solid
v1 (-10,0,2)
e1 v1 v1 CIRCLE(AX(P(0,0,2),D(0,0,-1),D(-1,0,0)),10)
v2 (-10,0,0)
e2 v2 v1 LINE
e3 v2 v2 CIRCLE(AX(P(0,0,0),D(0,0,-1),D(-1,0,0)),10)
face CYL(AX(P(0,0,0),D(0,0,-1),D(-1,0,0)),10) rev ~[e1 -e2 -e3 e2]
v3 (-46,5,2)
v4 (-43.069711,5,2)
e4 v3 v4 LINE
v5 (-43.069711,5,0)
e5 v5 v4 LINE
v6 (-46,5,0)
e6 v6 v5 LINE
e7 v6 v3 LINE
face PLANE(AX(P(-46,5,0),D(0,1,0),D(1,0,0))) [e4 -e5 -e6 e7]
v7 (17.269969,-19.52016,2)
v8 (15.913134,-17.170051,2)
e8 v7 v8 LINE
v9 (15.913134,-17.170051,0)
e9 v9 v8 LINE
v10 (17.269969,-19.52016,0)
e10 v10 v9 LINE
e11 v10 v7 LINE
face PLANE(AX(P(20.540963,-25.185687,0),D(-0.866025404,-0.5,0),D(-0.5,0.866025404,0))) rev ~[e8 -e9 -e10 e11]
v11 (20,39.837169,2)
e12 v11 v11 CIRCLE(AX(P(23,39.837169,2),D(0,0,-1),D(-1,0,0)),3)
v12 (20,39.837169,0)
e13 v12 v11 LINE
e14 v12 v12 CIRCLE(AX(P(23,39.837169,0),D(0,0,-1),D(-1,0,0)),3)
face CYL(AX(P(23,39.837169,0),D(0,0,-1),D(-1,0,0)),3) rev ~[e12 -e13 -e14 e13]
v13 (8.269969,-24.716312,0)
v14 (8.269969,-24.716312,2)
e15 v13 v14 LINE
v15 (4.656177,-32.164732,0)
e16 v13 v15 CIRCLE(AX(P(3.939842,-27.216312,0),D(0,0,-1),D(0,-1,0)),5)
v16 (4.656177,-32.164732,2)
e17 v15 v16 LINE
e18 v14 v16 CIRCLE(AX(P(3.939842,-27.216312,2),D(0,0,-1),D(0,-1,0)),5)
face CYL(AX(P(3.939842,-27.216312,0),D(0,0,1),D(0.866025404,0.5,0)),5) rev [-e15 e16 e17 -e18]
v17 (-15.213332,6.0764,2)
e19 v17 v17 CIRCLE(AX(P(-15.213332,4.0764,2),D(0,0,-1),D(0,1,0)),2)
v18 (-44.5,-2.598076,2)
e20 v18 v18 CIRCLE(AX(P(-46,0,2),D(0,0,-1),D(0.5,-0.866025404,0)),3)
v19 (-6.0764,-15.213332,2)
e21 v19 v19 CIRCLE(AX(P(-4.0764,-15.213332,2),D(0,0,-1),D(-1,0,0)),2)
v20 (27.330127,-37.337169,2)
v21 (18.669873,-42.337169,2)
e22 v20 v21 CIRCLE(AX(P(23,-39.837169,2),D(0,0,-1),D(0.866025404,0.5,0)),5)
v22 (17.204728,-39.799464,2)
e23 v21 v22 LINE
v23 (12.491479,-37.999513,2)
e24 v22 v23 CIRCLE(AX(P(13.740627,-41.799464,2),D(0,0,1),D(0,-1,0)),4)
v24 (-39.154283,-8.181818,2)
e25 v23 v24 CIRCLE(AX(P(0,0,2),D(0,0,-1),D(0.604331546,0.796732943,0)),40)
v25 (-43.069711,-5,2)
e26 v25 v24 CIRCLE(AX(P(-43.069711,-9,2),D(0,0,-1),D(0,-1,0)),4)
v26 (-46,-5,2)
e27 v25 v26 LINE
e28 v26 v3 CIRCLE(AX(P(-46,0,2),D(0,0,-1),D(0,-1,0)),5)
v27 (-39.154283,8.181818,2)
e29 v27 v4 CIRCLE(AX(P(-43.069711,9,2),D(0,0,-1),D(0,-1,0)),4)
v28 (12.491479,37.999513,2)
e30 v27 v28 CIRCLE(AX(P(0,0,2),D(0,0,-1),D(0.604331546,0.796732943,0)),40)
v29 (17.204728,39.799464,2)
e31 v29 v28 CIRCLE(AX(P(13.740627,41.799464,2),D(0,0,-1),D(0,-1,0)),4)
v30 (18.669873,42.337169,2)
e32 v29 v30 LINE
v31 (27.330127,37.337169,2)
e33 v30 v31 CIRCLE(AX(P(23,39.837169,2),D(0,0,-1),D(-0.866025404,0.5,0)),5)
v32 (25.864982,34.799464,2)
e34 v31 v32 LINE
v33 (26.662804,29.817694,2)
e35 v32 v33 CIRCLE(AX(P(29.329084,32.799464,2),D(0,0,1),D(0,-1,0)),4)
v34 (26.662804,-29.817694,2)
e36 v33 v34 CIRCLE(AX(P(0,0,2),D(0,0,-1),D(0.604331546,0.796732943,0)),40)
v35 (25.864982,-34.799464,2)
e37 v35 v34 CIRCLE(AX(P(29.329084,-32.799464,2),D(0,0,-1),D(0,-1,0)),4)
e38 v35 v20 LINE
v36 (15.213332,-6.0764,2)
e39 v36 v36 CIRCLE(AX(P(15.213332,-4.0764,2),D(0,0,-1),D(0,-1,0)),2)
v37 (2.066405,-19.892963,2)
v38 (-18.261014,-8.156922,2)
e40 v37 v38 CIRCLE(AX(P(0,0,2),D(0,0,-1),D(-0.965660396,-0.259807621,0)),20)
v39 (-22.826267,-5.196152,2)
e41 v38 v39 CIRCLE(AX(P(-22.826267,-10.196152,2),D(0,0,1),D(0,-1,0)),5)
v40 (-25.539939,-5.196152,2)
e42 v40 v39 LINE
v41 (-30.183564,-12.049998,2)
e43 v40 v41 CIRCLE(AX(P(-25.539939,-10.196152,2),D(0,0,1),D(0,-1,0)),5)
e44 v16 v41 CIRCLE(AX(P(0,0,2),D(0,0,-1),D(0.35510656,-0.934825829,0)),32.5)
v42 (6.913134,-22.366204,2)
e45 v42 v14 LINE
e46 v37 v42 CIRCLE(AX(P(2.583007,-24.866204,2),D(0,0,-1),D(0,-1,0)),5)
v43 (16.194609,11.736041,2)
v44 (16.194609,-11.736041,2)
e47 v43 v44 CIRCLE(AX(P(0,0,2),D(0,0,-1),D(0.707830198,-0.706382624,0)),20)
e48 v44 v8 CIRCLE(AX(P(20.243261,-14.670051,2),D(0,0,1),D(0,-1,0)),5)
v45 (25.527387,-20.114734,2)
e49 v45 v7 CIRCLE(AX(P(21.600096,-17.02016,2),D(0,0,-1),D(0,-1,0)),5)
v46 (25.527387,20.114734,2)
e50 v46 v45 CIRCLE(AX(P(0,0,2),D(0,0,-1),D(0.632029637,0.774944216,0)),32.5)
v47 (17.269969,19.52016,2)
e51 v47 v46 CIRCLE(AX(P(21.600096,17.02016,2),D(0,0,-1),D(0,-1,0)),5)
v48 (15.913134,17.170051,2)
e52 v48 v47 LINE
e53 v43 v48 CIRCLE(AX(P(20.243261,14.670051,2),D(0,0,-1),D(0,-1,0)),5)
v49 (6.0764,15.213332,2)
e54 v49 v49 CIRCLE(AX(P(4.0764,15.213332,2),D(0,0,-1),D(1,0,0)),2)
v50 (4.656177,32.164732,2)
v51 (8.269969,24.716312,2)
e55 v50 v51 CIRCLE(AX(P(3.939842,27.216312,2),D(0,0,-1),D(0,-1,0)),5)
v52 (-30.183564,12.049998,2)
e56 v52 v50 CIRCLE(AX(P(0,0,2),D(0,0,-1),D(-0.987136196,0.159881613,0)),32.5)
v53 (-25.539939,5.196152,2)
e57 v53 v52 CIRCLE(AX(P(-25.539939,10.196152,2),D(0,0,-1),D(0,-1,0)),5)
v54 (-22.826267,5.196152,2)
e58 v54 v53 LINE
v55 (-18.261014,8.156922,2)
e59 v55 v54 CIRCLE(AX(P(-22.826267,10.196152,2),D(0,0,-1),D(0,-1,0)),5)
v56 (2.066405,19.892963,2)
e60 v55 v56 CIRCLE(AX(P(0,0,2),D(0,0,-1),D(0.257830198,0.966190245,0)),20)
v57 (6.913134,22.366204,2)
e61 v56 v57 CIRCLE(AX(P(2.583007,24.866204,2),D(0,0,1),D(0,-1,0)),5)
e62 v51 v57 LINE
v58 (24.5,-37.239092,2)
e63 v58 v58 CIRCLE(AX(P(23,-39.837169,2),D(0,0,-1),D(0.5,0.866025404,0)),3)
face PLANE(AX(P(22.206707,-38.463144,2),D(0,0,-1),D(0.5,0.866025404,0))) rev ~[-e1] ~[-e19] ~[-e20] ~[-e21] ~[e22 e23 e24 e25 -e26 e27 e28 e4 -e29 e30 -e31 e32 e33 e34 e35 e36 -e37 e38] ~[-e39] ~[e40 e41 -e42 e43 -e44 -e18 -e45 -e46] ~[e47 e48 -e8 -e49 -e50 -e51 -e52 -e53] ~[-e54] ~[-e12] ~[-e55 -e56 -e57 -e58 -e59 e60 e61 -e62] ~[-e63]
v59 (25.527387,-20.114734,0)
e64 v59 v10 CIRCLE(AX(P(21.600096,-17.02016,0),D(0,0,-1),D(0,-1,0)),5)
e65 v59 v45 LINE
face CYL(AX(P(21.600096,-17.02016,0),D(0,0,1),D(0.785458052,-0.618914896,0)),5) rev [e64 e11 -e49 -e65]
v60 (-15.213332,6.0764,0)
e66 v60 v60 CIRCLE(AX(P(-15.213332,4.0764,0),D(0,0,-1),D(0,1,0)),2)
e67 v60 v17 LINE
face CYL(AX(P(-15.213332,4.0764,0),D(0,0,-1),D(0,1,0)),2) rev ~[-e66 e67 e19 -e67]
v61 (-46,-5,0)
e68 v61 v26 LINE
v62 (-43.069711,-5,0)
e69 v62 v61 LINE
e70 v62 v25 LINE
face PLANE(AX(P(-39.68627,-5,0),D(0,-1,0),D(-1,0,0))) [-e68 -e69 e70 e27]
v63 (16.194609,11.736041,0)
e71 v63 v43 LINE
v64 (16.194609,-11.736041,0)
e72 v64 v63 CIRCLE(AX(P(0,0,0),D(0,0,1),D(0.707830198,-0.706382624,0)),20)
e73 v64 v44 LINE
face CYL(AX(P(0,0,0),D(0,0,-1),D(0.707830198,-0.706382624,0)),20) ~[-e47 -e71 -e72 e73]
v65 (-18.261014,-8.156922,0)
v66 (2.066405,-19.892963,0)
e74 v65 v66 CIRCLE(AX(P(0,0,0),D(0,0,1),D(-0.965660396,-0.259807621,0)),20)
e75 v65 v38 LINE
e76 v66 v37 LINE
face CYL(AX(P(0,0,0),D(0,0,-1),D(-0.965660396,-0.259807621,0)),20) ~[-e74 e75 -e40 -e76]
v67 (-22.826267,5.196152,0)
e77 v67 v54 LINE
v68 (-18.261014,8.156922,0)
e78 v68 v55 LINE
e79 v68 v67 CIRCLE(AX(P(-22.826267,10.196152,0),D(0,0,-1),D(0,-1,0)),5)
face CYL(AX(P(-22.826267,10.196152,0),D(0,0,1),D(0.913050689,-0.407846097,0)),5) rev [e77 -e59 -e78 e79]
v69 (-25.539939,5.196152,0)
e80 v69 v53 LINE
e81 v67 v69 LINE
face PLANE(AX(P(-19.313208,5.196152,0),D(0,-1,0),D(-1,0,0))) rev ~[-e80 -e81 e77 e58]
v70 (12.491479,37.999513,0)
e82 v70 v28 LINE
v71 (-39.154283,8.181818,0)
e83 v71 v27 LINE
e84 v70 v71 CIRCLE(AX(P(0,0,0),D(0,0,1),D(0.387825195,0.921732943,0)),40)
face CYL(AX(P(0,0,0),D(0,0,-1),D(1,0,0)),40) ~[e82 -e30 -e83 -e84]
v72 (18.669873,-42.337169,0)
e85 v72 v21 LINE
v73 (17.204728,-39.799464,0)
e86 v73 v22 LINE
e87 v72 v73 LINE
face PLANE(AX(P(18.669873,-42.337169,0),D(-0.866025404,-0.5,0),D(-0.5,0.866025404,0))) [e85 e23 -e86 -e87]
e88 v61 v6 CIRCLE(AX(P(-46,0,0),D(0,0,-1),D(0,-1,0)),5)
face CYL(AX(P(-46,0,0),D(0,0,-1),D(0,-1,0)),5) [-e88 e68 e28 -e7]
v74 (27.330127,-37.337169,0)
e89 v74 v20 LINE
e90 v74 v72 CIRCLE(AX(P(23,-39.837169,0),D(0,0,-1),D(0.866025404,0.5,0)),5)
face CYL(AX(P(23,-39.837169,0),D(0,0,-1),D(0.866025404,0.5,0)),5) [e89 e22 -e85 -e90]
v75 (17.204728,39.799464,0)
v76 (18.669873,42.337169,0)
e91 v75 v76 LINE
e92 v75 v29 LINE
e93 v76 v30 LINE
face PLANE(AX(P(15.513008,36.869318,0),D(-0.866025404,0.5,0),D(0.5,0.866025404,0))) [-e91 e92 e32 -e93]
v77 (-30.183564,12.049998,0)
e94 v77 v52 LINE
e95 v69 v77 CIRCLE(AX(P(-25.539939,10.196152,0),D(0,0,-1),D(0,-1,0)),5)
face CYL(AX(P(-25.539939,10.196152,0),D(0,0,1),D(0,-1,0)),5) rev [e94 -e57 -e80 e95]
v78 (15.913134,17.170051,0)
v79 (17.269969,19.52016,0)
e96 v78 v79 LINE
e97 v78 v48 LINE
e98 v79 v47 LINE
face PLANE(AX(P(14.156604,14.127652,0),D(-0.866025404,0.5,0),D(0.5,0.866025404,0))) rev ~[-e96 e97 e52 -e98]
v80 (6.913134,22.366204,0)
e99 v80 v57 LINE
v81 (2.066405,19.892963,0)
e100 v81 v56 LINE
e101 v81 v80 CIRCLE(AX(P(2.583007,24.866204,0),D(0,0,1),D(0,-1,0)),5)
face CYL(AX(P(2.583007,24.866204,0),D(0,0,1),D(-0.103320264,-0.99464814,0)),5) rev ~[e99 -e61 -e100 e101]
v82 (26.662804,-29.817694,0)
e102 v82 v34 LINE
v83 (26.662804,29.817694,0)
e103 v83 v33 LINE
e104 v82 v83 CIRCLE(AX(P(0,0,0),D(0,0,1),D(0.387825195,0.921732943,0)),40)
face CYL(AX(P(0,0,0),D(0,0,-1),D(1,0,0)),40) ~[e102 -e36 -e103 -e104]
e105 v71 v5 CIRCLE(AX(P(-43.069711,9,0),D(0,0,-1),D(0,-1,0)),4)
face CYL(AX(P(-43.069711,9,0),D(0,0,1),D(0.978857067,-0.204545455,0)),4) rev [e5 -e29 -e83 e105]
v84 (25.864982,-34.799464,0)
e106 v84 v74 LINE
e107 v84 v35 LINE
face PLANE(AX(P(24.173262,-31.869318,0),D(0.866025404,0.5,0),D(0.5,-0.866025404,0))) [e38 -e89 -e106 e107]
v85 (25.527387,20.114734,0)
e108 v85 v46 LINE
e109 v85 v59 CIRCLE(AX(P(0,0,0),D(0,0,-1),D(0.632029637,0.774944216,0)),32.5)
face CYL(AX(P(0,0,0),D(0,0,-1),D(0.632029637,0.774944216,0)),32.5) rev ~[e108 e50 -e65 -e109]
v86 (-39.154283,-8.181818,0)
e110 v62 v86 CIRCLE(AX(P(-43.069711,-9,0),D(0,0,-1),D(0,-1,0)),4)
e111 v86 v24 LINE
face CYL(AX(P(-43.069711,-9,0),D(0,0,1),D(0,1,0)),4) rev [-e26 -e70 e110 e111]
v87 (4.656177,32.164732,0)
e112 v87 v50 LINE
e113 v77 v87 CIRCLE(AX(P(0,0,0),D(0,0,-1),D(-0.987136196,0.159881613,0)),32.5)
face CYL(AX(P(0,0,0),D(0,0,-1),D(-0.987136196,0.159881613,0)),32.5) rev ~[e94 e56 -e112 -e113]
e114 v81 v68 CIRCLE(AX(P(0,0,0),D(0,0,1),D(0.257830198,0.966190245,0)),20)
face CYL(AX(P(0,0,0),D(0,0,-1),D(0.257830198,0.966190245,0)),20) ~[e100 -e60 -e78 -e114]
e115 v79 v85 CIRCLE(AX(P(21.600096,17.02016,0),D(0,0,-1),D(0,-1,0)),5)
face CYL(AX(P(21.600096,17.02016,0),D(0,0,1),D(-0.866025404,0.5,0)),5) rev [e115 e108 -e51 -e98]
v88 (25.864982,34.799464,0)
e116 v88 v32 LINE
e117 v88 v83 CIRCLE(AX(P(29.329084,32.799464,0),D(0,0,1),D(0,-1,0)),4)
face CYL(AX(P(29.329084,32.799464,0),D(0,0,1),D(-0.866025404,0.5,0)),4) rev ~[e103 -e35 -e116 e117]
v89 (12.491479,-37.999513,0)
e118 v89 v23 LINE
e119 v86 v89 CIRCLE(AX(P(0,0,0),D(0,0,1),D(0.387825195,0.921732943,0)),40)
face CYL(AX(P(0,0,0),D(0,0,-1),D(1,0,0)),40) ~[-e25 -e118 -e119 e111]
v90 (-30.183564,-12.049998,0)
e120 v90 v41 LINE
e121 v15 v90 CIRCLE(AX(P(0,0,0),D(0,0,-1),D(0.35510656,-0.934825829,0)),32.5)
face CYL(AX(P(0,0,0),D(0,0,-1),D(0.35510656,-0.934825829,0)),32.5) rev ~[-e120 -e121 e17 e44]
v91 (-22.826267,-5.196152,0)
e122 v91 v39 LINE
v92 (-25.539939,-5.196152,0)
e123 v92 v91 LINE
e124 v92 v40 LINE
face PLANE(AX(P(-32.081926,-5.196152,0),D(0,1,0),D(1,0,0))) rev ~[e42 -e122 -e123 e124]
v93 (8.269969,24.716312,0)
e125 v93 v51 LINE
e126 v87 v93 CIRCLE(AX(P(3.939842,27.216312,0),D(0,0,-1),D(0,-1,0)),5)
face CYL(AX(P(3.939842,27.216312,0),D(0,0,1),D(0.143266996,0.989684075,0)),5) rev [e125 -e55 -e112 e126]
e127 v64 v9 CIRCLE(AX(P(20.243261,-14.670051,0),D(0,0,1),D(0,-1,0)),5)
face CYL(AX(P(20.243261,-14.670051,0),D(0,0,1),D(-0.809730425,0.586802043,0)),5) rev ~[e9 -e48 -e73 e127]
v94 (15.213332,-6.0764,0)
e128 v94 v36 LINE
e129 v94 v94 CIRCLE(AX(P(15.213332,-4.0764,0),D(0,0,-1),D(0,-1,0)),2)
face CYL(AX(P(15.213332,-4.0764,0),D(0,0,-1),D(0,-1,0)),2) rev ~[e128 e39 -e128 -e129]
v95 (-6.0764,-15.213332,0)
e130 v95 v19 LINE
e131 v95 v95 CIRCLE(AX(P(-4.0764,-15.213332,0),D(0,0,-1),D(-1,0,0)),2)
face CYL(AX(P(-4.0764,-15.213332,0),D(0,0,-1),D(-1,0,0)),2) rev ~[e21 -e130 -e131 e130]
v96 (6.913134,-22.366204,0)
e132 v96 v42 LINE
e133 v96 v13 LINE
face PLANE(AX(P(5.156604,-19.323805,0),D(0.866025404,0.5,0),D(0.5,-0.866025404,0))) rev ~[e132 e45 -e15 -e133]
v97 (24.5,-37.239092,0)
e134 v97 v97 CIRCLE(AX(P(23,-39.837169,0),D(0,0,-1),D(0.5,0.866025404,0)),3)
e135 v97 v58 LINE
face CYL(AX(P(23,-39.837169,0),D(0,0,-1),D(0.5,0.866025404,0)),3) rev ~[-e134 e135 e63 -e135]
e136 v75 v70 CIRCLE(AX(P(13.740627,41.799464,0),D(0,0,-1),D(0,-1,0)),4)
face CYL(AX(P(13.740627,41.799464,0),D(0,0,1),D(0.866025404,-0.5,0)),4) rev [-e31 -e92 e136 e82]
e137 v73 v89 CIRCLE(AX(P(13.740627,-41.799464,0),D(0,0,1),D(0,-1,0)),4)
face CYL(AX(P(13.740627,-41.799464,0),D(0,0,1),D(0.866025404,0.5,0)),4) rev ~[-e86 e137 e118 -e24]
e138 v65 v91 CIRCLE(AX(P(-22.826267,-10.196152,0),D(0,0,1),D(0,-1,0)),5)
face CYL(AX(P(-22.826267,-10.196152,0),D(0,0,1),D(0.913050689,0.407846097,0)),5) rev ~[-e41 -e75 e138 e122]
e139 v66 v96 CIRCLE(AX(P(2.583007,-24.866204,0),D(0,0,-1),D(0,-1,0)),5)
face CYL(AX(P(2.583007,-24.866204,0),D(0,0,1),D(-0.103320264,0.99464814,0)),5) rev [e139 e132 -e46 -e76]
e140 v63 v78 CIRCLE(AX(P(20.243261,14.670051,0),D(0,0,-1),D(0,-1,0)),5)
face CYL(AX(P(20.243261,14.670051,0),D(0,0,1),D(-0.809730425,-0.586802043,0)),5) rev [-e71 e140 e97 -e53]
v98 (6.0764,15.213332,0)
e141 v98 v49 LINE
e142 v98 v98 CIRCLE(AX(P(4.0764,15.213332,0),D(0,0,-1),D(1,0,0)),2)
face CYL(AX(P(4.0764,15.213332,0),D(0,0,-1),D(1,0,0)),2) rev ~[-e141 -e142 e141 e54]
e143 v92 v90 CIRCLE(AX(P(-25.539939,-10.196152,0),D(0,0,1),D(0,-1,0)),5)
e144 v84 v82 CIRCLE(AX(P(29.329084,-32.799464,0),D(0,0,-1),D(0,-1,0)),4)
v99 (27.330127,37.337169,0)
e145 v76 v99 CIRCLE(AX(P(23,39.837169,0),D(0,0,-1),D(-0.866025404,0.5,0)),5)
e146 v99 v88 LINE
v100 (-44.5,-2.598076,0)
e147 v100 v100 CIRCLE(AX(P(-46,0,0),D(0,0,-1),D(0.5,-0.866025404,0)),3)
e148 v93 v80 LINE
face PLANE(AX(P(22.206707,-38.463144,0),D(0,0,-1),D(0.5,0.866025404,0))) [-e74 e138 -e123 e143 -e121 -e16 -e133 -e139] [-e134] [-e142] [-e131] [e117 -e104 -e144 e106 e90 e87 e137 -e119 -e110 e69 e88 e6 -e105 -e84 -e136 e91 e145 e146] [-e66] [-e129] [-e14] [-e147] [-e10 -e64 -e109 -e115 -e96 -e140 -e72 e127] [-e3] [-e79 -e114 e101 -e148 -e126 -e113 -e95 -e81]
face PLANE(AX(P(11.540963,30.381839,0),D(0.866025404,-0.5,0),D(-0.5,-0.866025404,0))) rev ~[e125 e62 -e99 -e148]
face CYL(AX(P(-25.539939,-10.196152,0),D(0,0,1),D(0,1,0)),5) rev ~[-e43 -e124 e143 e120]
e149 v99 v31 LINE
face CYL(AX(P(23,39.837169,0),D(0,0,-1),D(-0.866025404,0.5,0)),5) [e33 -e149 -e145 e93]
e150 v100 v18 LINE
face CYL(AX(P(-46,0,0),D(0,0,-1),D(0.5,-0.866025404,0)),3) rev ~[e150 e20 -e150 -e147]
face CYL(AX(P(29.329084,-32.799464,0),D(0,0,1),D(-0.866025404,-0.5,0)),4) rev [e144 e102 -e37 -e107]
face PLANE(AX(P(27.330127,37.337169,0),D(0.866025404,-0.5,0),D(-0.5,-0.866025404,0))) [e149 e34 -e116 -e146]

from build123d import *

# Parameters (mm, degrees)
SKETCH1_R                = 40
BOSS_EXTRUDE1_DEPTH      = 2
SKETCH4_R                = 3
BOSS_EXTRUDE3_DEPTH      = 2
FILLET2_R                = 4
CIRPATTERN2_COUNT        = 3
FILLET2_OF_CIRPATTERN2_R = 4
SKETCH5_R                = 10
CUT_EXTRUDE1_DEPTH       = 8
CUT_EXTRUDE3_DEPTH       = 15
FILLET3_R                = 5
CIRPATTERN4_COUNT        = 3
FILLET3_OF_CIRPATTERN4_R = 5
SKETCH6_R                = 2
CUT_EXTRUDE4_DEPTH       = 10
CIRPATTERN5_COUNT        = 4


with BuildPart() as part:
    # Sketch1 → Boss-Extrude1 (new body)
    with BuildSketch(Plane.XY):
        Circle(SKETCH1_R)
    extrude(amount=BOSS_EXTRUDE1_DEPTH)

    # Sketch4 → Boss-Extrude3 (add)
    with BuildSketch(Plane(origin=(0, 0, 0), x_dir=(-1, 0, 0), z_dir=(0, 0, -1))):
        with BuildLine():
            Line((-15.513007814, 36.869317712), (-18.669872981, 42.337168574))
            ThreePointArc((-18.669872981, 42.337168574), (-25.5, 44.167295593), (-27.330127019, 37.337168574))
            Line((-27.330127019, 37.337168574), (-24.173261852, 31.869317712))
            ThreePointArc((-24.173261852, 31.869317712), (-20, 34.641016151), (-15.513007814, 36.869317712))
        make_face()
        with Locations((-23, 39.837168574)):
            Circle(SKETCH4_R, mode=Mode.SUBTRACT)
    boss_extrude3 = extrude(amount=-BOSS_EXTRUDE3_DEPTH)

    # Fillet2
    fillet2_edges = [part.edges().sort_by_distance(p)[0] for p in [
        (24.173261852, 31.869317712, 1),
        (15.513007814, 36.869317712, 1),
    ]]
    fillet(fillet2_edges, radius=FILLET2_R)

    # CirPattern2: Boss-Extrude3 ×3 about axis
    cirpattern2_axis = Axis((0, 0, 2), (0, 0, -1))
    for i in range(1, CIRPATTERN2_COUNT):
        add(boss_extrude3.rotate(cirpattern2_axis, i * 360 / CIRPATTERN2_COUNT))

    # Fillet2 of CirPattern2
    fillet2_of_cirpattern2_edges = [part.edges().sort_by_distance(p)[0] for p in [
        (15.513007814, -36.869317712, 1),
        (24.173261852, -31.869317712, 1),
        (-39.686269666, 5, 1),
        (-39.686269666, -5, 1),
    ]]
    fillet(fillet2_of_cirpattern2_edges, radius=FILLET2_OF_CIRPATTERN2_R)

    # Sketch5 → Cut-Extrude1 (cut)
    with BuildSketch(Plane(origin=(0, 0, 0), x_dir=(-1, 0, 0), z_dir=(0, 0, -1))):
        Circle(SKETCH5_R)
    extrude(amount=-CUT_EXTRUDE1_DEPTH, mode=Mode.SUBTRACT)

    # Sketch7 → Cut-Extrude3 (cut)
    with BuildSketch(Plane(origin=(0, 0, 0), x_dir=(-1, 0, 0), z_dir=(0, 0, -1))):
        with BuildLine():
            ThreePointArc((-5.156603958, 19.323804895), (10, 17.320508076), (19.313207916, 5.196152423))
            Line((19.313207916, 5.196152423), (32.081926376, 5.196152423))
            ThreePointArc((32.081926376, 5.196152423), (16.25, 28.145825623), (-11.540963188, 30.381839455))
            Line((-11.540963188, 30.381839455), (-5.156603958, 19.323804895))
        make_face()
    cut_extrude3 = extrude(amount=-CUT_EXTRUDE3_DEPTH, mode=Mode.SUBTRACT)

    # Fillet3
    fillet3_edges = [part.edges().sort_by_distance(p)[0] for p in [
        (-32.081926376, 5.196152423, 1),
        (-19.313207916, 5.196152423, 1),
        (5.156603958, 19.323804895, 1),
        (11.540963188, 30.381839455, 1),
    ]]
    fillet(fillet3_edges, radius=FILLET3_R)

    # CirPattern4: Cut-Extrude3 ×3 about axis
    cirpattern4_axis = Axis((0, 0, 2), (0, 0, -1))
    for i in range(1, CIRPATTERN4_COUNT):
        add(cut_extrude3.rotate(cirpattern4_axis, i * 360 / CIRPATTERN4_COUNT), mode=Mode.SUBTRACT)

    # Fillet3 of CirPattern4
    fillet3_of_cirpattern4_edges = [part.edges().sort_by_distance(p)[0] for p in [
        (20.540963188, 25.185687033, 1),
        (14.156603958, 14.127652472, 1),
        (14.156603958, -14.127652472, 1),
        (20.540963188, -25.185687033, 1),
        (11.540963188, -30.381839455, 1),
        (5.156603958, -19.323804895, 1),
        (-19.313207916, -5.196152423, 1),
        (-32.081926376, -5.196152423, 1),
    ]]
    fillet(fillet3_of_cirpattern4_edges, radius=FILLET3_OF_CIRPATTERN4_R)

    # Sketch6 → Cut-Extrude4 (cut)
    with BuildSketch(Plane(origin=(0, 0, 0), x_dir=(-1, 0, 0), z_dir=(0, 0, -1))):
        with Locations((4.07639996, -15.213331764)):
            Circle(SKETCH6_R)
    cut_extrude4 = extrude(amount=-CUT_EXTRUDE4_DEPTH, mode=Mode.SUBTRACT)

    # CirPattern5: Cut-Extrude4 ×4 about axis
    cirpattern5_axis = Axis((0, 0, 8), (0, 0, -1))
    for i in range(1, CIRPATTERN5_COUNT):
        add(cut_extrude4.rotate(cirpattern5_axis, i * 360 / CIRPATTERN5_COUNT), mode=Mode.SUBTRACT)


solid = part.part
